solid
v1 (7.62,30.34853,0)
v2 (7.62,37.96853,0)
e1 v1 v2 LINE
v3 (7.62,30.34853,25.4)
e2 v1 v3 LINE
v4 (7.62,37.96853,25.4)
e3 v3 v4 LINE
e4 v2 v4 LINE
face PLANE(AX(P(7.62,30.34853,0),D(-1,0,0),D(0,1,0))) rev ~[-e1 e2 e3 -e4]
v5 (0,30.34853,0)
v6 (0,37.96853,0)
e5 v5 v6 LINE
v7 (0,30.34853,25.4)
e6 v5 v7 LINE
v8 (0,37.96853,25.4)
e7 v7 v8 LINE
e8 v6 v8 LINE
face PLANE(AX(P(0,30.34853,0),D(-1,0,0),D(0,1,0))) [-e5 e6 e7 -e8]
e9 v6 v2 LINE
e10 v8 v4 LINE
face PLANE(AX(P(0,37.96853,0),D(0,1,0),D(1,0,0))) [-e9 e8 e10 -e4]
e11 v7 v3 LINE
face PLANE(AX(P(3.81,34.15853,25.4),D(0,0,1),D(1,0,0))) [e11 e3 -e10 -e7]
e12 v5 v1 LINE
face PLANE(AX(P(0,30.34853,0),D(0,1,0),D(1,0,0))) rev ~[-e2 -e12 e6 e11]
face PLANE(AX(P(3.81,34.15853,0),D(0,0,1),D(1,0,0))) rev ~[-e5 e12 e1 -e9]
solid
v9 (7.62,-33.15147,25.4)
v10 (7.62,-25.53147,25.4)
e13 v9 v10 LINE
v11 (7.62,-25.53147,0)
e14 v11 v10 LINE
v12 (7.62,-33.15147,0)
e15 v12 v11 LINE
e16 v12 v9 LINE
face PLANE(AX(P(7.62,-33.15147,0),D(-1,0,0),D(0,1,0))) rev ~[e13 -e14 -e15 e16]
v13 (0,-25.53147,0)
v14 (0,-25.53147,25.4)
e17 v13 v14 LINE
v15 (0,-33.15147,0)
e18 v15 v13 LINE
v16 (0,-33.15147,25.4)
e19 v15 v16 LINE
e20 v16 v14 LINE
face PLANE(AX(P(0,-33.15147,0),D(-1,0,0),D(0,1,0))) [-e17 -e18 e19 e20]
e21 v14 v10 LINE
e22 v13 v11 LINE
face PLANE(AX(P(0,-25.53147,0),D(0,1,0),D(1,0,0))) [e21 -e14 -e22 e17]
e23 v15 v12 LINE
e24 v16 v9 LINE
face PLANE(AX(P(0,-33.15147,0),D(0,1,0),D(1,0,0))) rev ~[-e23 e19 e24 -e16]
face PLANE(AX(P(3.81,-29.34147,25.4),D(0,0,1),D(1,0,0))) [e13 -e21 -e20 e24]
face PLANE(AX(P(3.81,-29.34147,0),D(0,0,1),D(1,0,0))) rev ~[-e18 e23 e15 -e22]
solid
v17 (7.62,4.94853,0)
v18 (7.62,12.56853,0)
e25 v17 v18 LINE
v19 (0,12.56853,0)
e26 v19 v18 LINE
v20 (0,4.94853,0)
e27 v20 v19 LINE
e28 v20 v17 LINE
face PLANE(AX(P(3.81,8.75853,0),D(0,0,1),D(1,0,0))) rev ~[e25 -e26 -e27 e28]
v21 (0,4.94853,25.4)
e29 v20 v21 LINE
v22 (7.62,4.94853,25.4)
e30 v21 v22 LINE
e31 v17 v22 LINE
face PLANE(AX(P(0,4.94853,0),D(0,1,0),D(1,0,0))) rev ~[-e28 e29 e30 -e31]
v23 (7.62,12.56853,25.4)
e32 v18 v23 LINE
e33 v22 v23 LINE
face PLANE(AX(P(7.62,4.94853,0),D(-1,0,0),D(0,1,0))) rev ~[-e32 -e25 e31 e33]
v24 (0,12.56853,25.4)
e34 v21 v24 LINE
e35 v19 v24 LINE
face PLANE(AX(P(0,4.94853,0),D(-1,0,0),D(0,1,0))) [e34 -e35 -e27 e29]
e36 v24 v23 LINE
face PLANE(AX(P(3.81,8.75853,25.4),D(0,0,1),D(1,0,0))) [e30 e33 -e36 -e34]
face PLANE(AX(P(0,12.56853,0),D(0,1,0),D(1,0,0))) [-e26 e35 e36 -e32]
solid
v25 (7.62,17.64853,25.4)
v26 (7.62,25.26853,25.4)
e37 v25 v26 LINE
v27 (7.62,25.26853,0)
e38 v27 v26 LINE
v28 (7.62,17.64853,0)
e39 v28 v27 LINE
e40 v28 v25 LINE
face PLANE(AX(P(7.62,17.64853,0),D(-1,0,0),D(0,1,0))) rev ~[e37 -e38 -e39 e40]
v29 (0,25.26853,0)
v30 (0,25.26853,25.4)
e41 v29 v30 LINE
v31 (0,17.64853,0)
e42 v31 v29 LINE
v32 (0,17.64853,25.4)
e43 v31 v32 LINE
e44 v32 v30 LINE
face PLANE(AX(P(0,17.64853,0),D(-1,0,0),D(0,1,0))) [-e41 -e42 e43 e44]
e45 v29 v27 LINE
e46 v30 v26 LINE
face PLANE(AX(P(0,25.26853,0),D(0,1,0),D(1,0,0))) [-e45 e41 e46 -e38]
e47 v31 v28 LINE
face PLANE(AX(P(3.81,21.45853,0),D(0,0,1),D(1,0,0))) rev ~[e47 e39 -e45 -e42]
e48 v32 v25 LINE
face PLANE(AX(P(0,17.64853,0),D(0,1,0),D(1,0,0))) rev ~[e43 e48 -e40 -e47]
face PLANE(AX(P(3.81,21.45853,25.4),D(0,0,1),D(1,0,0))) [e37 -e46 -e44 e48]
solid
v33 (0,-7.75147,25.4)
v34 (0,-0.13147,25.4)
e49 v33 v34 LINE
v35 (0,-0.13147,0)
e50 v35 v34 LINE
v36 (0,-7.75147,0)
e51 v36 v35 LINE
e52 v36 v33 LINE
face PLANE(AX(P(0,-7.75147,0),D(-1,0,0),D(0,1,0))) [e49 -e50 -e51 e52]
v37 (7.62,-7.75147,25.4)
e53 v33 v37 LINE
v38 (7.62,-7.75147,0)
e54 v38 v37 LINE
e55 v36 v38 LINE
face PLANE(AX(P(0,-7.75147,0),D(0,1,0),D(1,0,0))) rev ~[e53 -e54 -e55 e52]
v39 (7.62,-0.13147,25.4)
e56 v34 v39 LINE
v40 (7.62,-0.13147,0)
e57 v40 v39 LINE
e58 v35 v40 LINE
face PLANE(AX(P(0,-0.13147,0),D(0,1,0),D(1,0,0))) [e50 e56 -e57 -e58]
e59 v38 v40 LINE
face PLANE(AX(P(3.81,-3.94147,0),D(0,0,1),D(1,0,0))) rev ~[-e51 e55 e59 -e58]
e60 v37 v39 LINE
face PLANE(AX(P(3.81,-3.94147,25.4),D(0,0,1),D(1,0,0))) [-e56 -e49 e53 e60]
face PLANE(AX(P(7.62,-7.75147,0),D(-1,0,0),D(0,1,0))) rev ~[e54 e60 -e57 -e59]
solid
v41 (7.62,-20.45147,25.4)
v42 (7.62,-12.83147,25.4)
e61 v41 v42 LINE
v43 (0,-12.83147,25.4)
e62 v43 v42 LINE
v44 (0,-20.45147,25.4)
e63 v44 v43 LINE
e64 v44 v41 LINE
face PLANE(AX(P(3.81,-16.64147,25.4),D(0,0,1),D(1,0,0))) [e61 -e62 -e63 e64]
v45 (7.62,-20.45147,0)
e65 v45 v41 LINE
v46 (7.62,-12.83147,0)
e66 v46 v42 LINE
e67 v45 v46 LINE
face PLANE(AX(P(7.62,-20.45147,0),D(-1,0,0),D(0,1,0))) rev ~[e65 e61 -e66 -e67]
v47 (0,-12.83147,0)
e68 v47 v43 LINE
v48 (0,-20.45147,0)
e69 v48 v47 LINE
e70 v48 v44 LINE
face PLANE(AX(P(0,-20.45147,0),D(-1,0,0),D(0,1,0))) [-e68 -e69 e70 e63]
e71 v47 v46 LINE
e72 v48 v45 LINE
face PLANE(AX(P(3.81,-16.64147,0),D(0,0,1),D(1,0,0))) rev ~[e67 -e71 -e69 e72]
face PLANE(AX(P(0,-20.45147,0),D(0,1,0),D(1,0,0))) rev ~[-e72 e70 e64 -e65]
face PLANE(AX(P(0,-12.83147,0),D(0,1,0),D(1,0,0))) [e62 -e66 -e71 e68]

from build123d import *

# Parameters (mm, degrees)
F2_W     = 7.62
F2_H     = 7.62
F3_DEPTH = 25.4


with BuildPart() as f3:
    # F2 (on Top) → F3 (new body)
    with BuildSketch(Plane.XY):
        with Locations((3.81, 34.15853)):
            Rectangle(F2_W, F2_H)
        with Locations((3.81, 21.45853)):
            Rectangle(F2_W, F2_H)
        with Locations((3.81, 8.75853)):
            Rectangle(F2_W, F2_H)
        with Locations((3.81, -3.94147)):
            Rectangle(F2_W, F2_H)
        with Locations((3.81, -16.64147)):
            Rectangle(F2_W, F2_H)
        with Locations((3.81, -29.34147)):
            Rectangle(F2_W, F2_H)
    extrude(amount=F3_DEPTH)


solid = f3.part
